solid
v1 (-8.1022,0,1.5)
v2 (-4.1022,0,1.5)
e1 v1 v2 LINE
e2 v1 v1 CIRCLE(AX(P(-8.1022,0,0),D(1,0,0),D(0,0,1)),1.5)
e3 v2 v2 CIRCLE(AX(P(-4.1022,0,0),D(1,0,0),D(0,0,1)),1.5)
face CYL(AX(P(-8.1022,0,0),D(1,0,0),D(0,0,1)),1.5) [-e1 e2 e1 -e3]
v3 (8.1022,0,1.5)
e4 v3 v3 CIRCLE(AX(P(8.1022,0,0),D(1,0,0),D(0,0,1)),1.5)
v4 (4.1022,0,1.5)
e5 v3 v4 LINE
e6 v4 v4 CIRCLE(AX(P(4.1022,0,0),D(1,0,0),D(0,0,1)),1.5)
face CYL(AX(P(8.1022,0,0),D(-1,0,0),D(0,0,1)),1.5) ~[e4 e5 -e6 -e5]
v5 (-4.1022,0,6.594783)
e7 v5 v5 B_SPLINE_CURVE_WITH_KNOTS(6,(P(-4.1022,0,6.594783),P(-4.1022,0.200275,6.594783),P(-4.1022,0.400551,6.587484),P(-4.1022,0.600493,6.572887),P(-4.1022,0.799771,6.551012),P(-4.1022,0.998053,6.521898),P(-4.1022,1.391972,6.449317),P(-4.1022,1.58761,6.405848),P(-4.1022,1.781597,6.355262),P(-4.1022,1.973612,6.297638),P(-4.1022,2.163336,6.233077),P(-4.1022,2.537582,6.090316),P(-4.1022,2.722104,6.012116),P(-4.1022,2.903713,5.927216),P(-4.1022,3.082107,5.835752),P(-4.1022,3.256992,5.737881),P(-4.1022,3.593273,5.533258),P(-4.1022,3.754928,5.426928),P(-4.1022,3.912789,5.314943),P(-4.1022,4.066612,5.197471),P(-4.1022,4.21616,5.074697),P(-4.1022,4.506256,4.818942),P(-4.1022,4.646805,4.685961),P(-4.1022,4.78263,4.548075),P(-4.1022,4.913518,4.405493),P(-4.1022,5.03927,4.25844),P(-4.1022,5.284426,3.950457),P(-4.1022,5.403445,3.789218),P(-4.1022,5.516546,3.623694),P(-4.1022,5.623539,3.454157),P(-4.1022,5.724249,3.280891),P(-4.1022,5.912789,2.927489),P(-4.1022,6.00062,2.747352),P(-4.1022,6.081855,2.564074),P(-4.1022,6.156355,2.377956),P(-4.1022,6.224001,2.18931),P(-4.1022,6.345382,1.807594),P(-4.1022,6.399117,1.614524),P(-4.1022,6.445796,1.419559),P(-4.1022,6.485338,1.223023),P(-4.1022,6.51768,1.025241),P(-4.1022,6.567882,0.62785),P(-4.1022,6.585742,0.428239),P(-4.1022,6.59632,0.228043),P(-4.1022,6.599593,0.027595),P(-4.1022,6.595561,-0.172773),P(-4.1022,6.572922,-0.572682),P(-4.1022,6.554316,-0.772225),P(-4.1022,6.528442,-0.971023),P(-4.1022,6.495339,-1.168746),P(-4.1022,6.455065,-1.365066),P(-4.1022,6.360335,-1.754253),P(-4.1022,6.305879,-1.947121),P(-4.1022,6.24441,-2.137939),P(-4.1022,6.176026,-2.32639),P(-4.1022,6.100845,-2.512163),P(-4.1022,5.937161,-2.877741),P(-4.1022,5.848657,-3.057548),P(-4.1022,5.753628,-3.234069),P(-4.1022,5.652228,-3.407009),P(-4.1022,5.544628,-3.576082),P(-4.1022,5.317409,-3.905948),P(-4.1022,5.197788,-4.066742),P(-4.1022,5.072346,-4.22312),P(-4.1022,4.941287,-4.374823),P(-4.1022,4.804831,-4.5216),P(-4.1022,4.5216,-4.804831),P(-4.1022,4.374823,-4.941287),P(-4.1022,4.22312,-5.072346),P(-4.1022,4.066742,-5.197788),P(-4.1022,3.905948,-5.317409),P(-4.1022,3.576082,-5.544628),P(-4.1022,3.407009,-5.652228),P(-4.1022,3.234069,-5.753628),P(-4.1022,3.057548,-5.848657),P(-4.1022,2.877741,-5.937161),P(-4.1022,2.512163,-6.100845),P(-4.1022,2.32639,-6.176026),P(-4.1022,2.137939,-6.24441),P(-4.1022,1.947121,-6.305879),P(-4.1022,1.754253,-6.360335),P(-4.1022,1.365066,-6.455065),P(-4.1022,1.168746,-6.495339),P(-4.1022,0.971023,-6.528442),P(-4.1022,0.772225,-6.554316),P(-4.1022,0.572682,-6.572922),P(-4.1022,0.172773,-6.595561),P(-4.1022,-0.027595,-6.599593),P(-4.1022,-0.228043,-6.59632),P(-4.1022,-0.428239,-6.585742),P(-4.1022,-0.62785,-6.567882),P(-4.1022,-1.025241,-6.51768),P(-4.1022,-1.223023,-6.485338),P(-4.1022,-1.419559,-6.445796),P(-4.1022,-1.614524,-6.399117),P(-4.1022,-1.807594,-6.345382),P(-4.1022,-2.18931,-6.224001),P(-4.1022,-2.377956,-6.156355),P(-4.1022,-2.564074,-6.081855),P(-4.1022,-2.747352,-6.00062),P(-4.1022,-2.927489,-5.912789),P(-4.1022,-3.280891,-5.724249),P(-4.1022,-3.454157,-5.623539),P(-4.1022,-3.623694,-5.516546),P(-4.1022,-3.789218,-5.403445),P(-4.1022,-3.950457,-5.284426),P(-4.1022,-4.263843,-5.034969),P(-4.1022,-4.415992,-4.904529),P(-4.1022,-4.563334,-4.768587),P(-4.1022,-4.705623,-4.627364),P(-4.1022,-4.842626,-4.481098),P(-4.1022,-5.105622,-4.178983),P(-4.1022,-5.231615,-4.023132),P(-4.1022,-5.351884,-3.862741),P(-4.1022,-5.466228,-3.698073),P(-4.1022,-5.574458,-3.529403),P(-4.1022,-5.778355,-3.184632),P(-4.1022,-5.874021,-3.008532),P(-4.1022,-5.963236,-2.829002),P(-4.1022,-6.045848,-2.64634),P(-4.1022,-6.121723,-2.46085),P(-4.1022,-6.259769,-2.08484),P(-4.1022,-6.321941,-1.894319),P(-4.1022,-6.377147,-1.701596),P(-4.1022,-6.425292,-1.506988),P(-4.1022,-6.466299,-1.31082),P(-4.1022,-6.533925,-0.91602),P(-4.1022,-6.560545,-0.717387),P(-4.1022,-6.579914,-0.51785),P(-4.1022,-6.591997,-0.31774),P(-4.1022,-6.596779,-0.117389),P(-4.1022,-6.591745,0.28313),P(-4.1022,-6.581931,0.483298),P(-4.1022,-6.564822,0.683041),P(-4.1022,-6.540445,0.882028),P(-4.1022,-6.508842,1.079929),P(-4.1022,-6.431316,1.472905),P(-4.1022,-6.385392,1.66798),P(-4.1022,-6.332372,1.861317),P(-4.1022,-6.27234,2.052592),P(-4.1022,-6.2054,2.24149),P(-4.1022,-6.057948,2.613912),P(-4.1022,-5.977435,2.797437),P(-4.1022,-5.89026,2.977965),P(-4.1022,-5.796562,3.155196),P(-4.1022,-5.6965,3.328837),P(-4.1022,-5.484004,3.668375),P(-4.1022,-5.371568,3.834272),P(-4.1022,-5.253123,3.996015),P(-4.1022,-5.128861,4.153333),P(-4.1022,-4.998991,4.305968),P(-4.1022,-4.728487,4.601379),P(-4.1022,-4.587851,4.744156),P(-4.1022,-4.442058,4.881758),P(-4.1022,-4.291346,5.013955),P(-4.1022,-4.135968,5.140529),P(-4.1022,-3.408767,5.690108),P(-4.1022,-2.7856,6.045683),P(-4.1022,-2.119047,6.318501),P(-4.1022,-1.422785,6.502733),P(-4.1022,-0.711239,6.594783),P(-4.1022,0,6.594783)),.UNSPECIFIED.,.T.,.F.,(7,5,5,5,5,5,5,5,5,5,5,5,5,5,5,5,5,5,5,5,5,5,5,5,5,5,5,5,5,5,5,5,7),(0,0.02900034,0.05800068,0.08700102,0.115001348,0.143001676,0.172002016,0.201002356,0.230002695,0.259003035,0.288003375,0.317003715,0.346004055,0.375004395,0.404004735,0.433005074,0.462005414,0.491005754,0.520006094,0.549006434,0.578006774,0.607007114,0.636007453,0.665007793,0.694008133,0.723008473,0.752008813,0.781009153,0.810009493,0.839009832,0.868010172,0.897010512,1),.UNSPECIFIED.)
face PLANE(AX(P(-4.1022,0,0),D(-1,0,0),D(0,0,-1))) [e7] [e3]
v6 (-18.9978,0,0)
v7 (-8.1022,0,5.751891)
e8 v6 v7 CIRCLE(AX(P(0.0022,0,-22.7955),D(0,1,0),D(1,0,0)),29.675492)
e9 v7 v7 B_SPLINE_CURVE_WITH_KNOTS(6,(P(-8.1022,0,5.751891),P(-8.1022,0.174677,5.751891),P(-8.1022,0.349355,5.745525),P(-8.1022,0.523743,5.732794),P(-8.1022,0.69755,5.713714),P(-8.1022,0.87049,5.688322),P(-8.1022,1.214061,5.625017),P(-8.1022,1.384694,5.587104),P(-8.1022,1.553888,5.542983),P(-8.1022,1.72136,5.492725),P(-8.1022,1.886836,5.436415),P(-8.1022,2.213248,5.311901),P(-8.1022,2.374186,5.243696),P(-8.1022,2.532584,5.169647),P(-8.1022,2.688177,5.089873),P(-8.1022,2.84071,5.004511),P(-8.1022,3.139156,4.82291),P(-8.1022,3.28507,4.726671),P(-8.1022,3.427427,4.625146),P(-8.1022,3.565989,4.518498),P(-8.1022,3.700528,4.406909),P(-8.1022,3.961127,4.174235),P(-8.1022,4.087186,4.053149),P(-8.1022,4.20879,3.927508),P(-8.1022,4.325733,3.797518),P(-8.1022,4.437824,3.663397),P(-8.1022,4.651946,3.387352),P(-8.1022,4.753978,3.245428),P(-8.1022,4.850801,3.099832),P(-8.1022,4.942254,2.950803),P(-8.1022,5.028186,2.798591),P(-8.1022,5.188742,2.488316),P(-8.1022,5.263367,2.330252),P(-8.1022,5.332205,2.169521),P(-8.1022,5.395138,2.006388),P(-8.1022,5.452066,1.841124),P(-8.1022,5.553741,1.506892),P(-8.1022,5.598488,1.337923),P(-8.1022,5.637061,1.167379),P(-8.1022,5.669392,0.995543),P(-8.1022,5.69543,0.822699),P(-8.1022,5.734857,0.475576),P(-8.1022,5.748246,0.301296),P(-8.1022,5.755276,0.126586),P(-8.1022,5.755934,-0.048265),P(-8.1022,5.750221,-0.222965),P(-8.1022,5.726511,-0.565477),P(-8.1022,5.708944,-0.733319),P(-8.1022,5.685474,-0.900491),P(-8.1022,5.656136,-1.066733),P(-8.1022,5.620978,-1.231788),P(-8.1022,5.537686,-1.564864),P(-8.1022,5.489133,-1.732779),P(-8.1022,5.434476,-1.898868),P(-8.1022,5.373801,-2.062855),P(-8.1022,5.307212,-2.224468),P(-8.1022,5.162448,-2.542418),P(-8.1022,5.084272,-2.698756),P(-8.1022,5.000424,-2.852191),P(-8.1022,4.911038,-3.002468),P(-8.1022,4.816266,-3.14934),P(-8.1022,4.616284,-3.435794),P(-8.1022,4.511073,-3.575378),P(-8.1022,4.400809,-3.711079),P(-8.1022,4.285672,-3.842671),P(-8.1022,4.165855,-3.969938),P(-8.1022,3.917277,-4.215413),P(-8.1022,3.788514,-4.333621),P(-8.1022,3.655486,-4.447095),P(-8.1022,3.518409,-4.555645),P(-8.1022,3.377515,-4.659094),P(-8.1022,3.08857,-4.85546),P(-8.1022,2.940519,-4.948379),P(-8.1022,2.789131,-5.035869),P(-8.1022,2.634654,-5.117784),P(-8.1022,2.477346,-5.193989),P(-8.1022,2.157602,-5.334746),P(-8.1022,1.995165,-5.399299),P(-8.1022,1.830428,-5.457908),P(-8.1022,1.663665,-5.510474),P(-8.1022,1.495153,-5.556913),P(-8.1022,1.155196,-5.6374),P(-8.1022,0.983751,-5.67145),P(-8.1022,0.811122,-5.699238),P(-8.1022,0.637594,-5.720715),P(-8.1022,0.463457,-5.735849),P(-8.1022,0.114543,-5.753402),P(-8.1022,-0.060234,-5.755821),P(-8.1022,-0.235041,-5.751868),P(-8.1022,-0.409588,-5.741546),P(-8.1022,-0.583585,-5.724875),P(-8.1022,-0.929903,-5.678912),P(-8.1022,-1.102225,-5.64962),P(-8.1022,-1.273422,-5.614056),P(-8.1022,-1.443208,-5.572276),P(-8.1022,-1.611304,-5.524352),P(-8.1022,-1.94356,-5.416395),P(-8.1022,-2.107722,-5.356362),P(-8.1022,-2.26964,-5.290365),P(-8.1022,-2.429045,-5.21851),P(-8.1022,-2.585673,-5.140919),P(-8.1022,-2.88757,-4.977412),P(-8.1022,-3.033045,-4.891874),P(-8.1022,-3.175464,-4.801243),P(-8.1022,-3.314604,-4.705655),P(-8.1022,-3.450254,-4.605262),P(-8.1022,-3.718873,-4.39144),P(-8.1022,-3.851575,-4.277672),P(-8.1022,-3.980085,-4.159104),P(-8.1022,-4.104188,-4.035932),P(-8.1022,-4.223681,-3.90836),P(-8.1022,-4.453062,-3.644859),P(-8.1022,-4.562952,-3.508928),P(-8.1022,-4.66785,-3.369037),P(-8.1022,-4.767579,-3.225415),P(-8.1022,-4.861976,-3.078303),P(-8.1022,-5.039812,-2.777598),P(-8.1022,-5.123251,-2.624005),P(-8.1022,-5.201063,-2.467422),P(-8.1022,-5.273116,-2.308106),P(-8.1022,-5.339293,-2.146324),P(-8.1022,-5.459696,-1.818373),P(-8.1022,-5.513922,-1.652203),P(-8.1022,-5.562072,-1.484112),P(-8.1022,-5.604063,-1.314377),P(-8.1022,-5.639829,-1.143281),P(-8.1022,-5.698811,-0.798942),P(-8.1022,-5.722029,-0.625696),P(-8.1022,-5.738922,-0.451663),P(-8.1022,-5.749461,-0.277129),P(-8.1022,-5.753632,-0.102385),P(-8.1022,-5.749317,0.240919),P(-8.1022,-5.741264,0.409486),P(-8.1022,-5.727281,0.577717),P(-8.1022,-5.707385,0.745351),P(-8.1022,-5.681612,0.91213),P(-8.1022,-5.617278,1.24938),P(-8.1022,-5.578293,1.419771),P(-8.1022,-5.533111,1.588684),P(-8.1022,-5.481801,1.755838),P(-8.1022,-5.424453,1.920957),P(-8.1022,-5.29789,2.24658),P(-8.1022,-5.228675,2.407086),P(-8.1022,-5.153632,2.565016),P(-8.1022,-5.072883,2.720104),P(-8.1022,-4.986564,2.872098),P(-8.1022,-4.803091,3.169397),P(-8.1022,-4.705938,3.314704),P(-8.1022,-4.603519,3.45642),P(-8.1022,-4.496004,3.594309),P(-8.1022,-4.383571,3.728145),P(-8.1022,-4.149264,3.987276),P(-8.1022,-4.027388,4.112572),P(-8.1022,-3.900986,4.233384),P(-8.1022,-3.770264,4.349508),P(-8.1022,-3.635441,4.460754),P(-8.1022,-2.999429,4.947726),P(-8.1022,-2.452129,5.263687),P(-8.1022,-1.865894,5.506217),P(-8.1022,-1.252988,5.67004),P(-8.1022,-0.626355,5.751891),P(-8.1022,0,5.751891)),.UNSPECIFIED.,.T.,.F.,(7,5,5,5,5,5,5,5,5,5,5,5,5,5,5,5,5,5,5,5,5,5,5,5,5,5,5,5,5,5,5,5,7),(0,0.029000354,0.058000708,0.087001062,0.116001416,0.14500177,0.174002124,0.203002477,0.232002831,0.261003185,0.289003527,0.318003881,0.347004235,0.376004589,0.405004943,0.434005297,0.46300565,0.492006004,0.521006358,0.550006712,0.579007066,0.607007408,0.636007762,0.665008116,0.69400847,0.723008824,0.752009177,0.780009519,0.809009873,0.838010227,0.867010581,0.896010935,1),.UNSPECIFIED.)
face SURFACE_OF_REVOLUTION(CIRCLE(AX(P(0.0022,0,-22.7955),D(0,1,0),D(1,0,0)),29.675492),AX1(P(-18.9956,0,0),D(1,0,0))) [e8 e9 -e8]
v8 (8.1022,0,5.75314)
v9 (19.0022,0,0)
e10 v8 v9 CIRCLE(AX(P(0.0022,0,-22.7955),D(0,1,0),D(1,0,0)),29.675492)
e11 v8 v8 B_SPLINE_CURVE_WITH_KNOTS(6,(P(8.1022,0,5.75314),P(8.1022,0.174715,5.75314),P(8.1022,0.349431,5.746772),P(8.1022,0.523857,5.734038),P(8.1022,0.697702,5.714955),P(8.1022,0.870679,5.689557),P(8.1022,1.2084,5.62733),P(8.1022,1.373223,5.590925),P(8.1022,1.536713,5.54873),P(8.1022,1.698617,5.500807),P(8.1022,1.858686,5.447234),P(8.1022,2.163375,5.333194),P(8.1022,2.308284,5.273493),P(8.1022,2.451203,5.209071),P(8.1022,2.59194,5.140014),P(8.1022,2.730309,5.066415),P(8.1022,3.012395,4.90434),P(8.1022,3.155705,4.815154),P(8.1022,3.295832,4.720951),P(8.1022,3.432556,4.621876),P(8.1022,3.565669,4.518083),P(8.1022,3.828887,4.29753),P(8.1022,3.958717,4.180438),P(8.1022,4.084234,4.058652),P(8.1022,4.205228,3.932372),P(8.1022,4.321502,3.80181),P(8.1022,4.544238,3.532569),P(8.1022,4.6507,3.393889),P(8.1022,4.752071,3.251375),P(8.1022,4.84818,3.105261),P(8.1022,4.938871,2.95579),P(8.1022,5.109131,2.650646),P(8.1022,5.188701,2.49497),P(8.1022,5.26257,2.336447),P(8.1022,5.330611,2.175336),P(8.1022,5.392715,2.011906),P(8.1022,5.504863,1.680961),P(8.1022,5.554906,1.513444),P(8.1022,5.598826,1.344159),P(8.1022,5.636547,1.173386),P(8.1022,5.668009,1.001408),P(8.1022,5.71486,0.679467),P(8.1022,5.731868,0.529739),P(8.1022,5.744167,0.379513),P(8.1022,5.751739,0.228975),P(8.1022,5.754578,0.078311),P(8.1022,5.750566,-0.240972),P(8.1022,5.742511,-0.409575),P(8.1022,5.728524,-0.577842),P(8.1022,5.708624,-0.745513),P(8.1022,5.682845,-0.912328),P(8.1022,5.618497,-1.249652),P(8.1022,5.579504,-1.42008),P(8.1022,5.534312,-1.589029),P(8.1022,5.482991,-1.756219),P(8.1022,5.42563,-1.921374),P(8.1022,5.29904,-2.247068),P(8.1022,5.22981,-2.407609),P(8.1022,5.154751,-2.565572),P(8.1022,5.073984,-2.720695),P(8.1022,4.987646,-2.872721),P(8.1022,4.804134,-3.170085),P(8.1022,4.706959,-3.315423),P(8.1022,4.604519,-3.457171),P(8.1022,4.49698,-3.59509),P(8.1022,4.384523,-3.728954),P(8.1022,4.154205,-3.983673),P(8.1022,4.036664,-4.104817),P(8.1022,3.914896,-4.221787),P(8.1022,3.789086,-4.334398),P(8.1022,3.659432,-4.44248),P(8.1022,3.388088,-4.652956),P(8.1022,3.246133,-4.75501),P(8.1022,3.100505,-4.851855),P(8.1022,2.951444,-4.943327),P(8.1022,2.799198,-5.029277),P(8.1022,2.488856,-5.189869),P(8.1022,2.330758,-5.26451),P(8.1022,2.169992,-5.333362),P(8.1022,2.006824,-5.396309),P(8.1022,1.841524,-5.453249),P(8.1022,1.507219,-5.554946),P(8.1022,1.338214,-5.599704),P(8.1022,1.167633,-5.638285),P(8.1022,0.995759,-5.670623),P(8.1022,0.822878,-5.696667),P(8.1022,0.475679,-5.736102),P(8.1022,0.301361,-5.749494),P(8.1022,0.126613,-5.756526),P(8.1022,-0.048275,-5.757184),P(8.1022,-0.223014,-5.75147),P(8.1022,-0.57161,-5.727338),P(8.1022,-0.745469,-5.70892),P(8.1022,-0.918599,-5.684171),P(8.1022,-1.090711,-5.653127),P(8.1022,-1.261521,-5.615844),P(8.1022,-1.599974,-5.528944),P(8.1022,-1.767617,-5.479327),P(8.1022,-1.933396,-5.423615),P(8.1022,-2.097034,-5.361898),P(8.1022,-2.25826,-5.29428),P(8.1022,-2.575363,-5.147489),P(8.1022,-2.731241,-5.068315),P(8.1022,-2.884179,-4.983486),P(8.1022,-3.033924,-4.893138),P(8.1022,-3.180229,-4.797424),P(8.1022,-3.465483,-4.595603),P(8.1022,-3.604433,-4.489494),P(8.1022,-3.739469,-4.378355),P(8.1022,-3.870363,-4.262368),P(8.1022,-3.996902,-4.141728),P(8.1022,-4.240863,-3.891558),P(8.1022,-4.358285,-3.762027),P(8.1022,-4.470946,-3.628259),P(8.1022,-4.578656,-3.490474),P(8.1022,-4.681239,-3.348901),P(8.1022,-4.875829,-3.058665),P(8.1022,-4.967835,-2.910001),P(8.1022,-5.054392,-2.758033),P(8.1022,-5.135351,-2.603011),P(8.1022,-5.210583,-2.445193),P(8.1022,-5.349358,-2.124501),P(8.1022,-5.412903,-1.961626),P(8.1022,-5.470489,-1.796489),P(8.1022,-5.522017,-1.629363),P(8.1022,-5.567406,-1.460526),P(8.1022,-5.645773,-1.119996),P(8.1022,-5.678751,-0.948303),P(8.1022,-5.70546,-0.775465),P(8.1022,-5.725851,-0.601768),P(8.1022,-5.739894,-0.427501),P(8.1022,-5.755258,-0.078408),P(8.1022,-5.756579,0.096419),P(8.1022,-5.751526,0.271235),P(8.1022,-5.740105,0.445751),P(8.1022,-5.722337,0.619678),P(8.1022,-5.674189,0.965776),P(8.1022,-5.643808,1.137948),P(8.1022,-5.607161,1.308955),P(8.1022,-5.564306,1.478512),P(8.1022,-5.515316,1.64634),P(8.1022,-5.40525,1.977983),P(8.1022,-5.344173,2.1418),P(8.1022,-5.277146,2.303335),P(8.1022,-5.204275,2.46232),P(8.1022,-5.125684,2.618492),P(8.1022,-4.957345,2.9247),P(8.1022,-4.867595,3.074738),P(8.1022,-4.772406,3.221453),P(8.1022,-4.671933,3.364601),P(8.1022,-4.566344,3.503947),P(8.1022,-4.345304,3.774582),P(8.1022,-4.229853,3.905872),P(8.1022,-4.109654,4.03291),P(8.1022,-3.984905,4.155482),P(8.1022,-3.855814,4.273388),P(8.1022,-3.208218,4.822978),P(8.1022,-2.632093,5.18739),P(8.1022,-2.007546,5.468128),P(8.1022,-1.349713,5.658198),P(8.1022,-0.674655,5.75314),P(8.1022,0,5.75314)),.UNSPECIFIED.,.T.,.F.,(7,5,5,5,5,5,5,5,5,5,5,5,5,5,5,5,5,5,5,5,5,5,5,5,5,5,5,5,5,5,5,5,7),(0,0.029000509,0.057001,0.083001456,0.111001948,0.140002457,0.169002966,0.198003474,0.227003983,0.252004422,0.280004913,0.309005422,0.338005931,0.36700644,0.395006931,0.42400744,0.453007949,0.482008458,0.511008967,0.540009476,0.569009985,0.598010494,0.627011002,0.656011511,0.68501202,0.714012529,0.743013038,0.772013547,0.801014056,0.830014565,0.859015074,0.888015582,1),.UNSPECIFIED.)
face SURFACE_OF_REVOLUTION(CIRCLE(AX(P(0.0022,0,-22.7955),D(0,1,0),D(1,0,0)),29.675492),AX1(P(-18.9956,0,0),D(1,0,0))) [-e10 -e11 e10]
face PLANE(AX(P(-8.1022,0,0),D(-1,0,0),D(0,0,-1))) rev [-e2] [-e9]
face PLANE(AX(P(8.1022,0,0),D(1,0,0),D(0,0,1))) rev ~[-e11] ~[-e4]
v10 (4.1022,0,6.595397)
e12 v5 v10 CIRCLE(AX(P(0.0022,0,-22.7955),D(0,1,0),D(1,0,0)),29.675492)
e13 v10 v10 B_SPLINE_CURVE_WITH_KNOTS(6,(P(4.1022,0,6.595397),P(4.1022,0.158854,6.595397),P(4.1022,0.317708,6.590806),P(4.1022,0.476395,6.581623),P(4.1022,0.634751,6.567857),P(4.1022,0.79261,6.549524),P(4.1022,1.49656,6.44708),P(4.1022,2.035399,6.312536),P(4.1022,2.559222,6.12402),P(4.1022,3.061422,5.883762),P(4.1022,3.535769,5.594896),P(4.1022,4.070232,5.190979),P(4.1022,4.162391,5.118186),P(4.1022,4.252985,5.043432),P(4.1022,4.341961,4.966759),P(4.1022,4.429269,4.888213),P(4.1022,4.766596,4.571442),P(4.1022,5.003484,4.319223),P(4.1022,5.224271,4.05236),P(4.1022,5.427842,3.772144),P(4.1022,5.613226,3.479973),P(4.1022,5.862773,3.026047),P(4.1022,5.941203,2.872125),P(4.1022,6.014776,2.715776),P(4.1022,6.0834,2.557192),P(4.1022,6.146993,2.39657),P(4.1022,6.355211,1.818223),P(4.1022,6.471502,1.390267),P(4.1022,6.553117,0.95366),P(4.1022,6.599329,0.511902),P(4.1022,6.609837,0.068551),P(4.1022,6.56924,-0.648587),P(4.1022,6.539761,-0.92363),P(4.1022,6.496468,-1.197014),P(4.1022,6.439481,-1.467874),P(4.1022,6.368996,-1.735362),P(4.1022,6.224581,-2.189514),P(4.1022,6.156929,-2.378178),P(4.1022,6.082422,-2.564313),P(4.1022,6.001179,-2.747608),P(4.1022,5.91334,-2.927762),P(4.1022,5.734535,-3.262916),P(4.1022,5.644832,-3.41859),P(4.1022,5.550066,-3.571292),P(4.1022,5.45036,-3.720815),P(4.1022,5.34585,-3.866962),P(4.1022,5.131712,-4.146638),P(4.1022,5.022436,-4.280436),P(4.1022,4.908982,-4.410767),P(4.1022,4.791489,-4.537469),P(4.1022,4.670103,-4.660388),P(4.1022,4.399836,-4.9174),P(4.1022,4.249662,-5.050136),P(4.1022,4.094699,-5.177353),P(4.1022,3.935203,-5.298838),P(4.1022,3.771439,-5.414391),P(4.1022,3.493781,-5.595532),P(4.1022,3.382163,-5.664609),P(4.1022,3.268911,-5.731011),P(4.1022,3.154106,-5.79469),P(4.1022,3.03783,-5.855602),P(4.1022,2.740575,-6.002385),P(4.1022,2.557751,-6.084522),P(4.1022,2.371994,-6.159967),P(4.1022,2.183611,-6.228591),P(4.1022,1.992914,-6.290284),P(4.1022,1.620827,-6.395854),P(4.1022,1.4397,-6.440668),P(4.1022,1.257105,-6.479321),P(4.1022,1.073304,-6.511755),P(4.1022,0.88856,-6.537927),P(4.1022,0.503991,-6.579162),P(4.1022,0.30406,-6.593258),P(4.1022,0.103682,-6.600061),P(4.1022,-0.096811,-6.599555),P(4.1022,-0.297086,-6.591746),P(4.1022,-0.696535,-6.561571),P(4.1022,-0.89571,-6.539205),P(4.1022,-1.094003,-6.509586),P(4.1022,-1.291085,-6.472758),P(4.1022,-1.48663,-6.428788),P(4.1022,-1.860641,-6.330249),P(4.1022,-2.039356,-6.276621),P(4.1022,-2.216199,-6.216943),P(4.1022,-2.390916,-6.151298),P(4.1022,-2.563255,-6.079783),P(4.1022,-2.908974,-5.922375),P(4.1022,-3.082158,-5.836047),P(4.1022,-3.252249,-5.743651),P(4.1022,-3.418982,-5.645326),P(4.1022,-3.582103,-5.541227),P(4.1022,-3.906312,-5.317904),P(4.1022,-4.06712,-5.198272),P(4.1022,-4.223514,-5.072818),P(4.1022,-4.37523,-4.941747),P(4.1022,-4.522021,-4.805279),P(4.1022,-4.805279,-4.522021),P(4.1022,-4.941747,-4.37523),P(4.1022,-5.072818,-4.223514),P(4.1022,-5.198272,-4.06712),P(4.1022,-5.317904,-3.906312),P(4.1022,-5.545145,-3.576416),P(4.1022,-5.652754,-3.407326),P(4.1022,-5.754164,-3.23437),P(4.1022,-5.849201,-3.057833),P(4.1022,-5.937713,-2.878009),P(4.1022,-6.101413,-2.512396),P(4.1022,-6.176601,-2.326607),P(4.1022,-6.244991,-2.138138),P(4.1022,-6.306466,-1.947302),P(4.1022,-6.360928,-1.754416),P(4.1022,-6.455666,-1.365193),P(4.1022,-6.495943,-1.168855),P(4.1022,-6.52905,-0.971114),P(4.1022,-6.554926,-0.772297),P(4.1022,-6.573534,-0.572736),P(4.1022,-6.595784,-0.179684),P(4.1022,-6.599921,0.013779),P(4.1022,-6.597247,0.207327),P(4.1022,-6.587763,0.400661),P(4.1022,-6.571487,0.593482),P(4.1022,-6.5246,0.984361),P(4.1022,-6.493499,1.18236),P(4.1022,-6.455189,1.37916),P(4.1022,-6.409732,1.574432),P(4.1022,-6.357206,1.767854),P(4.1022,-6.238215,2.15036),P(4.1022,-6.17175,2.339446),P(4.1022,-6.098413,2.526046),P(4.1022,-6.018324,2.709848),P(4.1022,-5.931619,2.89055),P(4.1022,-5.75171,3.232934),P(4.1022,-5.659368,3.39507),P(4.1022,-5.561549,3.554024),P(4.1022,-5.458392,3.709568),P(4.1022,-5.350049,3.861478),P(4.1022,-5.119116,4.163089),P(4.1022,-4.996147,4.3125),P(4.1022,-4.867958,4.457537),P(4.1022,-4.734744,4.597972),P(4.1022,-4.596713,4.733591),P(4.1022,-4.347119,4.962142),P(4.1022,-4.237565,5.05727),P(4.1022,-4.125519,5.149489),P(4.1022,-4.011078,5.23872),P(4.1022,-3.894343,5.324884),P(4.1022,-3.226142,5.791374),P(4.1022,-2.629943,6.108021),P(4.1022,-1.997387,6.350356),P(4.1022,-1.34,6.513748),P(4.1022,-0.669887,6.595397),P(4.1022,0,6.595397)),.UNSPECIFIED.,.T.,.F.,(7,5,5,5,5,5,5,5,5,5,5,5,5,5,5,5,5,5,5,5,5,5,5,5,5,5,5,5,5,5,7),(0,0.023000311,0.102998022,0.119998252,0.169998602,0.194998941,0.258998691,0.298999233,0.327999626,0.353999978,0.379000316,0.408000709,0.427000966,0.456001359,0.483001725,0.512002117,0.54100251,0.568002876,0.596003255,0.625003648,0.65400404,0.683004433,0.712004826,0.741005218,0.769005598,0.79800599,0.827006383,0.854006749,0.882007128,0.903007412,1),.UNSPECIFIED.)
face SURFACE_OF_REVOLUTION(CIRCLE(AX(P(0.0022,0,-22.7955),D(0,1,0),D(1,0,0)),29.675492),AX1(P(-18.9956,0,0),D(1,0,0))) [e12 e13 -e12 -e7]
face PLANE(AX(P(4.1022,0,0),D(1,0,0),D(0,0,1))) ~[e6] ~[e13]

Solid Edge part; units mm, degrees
sketch "Sketch1" plane through (0, 0, 0) normal (0, -1, 0) x (1, 0, 0)
  arc A0 (-18.9978, 0) -> (19.0022, 0) centre (0.0022, -22.7955) cw
  line L0 (-18.9978, 0) -> (19.0022, 0)
revolve "RevolvedProtrusion1" add sketch "Sketch1" angle 360 about axis through (-18.9956, 0, 0) along (1, 0, 0)
sketch "Sketch2" plane through (0, 0, 0) normal (0, -1, 0) x (1, 0, 0)
  line L0 (4.1022, 1.5) -> (4.1022, 9)
  line L1 (4.1022, 9) -> (8.1022, 9)
  line L2 (8.1022, 9) -> (8.1022, 1.5)
  line L3 (8.1022, 1.5) -> (4.1022, 1.5)
revolve "RevolvedCutout1" cut sketch "Sketch2" angle 360 about axis through (0, 0, 0) along (1, 0, 0)
mirror "Mirror1" about plane through (0, 0, 0) normal (1, 0, 0) of "RevolvedCutout1"
properties material "Material 1"
